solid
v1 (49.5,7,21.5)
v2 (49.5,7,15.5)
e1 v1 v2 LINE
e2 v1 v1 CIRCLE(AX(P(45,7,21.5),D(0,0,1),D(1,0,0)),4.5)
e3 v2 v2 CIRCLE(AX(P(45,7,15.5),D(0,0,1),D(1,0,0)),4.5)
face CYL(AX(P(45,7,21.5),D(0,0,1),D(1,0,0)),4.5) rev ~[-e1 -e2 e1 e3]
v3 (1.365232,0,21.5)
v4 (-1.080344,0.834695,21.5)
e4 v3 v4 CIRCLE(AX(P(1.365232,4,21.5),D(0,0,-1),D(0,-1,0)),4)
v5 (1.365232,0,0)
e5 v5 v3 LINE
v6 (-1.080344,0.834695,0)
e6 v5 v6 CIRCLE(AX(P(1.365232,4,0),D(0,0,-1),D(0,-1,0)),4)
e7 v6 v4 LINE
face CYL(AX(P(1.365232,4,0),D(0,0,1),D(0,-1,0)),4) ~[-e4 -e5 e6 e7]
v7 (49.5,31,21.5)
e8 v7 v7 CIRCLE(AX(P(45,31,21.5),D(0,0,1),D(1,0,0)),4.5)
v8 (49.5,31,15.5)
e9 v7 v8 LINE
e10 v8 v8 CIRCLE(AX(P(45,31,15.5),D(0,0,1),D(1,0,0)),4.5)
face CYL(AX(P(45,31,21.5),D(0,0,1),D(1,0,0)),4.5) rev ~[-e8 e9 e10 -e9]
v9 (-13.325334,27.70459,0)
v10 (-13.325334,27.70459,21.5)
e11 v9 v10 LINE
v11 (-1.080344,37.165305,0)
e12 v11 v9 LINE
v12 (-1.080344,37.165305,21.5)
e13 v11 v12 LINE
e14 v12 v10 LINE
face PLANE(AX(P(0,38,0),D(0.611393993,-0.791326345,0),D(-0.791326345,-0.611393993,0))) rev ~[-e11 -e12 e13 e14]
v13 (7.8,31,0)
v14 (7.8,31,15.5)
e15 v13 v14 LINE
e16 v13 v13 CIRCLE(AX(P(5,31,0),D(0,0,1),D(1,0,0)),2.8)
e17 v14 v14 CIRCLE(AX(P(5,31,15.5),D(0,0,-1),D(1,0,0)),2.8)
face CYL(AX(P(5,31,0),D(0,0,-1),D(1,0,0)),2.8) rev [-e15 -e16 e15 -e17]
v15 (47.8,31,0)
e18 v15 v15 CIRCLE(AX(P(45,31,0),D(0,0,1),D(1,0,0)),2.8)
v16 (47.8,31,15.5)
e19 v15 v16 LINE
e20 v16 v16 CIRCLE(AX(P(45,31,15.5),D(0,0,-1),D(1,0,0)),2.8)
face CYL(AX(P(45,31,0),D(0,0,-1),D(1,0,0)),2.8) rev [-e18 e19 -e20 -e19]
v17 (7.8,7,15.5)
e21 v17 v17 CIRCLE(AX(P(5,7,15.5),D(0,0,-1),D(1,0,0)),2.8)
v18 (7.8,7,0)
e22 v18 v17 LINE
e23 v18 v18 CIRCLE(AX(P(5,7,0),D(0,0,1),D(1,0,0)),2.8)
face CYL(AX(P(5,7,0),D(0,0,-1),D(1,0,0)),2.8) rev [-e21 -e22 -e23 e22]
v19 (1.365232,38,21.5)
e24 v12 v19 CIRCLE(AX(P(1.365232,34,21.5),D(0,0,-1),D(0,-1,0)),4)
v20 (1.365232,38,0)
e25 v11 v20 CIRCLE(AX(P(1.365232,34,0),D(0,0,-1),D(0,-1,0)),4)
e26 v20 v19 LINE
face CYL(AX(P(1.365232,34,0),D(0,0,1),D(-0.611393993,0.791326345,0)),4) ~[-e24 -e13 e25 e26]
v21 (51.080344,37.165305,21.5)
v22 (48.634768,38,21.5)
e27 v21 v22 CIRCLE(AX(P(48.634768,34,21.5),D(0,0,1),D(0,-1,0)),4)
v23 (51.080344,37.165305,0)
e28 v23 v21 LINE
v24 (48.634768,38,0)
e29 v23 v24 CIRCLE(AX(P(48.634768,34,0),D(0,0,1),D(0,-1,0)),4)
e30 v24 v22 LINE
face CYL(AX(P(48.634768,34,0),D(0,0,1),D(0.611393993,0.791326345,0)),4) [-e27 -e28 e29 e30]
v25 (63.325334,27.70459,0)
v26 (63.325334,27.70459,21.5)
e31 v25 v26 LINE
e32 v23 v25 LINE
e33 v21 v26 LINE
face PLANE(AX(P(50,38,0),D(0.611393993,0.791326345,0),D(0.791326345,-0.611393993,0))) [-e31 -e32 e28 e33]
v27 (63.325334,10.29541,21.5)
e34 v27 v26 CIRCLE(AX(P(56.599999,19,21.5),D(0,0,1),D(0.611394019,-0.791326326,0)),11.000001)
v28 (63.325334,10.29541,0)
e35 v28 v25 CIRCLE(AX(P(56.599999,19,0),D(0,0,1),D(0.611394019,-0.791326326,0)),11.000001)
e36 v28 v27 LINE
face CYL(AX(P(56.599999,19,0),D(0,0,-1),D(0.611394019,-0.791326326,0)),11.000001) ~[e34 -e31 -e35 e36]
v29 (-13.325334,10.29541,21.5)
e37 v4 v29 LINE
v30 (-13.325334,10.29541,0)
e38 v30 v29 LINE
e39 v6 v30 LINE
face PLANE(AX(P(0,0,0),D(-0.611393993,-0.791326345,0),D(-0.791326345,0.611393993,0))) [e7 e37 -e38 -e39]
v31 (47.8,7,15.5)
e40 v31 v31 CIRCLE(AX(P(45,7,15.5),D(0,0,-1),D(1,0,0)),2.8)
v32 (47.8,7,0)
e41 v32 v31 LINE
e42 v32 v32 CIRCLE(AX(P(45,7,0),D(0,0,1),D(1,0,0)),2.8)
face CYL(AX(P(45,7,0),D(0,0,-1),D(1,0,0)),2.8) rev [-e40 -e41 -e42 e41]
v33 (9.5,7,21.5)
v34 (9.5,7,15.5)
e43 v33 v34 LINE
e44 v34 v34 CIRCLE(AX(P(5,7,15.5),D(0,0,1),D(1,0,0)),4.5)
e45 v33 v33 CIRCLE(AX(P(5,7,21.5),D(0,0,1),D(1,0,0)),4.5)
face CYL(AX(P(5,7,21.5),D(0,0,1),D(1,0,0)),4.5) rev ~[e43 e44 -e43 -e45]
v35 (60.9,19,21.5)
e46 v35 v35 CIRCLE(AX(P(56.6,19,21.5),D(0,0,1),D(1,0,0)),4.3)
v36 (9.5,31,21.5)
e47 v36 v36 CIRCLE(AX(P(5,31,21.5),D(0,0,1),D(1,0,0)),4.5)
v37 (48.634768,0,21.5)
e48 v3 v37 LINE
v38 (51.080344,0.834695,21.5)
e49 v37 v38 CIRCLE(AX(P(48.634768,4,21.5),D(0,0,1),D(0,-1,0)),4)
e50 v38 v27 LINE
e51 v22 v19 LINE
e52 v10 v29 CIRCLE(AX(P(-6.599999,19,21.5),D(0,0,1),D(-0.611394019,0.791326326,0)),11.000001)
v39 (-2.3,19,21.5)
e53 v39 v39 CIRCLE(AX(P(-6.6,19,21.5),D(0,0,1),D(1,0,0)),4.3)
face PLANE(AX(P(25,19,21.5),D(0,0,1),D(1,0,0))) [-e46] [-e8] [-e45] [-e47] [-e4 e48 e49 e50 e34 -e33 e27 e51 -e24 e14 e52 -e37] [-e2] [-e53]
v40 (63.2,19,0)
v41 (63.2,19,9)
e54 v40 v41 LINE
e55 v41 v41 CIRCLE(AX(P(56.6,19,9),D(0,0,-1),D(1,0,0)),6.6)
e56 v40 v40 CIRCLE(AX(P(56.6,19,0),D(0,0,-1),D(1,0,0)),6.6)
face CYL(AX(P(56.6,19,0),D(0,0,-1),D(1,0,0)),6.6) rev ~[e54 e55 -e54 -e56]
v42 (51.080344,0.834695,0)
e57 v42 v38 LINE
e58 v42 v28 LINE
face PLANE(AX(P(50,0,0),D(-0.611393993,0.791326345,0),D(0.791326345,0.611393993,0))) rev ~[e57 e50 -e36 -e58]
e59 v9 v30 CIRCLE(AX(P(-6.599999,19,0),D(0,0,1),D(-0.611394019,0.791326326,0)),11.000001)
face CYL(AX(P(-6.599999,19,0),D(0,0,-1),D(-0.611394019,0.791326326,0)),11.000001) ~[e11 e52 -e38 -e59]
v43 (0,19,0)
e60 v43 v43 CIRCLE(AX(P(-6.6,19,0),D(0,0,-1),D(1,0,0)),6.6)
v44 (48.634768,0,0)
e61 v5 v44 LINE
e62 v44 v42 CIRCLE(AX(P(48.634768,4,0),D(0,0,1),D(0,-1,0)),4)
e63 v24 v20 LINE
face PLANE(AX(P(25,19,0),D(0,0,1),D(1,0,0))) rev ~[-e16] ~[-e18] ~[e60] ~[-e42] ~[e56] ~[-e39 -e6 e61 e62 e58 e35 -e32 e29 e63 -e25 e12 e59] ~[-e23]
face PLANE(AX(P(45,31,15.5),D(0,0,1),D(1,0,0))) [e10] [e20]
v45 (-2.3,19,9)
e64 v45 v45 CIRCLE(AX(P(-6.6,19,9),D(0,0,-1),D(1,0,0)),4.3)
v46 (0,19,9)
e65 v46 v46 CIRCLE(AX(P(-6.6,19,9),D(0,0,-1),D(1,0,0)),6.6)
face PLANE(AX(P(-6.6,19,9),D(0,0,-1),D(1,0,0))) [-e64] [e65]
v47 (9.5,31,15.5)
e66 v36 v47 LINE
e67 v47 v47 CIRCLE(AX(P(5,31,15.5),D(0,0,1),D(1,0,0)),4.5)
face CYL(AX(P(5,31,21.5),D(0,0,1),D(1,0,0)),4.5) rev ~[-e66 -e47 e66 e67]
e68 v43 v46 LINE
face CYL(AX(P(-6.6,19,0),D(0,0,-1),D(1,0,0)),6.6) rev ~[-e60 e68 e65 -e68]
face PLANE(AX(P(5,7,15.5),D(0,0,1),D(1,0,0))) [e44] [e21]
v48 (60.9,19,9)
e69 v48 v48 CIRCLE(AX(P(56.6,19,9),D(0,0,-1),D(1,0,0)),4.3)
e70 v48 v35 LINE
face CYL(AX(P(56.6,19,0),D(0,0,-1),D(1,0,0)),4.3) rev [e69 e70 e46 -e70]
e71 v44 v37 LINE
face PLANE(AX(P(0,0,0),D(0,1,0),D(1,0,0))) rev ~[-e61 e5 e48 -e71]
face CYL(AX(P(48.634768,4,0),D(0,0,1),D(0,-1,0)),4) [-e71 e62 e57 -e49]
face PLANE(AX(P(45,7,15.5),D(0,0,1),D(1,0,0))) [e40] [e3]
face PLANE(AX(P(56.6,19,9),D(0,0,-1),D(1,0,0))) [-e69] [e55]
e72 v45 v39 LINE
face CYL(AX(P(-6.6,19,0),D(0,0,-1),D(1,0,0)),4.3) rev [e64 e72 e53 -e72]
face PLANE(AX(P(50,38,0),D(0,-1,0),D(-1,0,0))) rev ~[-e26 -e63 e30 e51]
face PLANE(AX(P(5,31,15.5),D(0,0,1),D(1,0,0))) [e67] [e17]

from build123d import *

# Parameters (mm, degrees)
SKETCH_R        = 2.8
SKETCH_R_2      = 4.3
PAD_DEPTH       = 21.5
SKETCH001_R     = 4.5
POCKET_DEPTH    = 6
SKETCH002_R     = 6.6
POCKET001_DEPTH = 9
FILLET_R        = 4


with BuildPart() as part:
    # Sketch → Pad (new body)
    with BuildSketch(Plane.XY):
        with BuildLine():
            Line((0, 0), (50, 0))
            Line((50, 0), (63.325334, 10.29541))
            ThreePointArc((63.325334, 10.29541), (67.6, 19), (63.325334, 27.70459))
            Line((50, 38), (63.325334, 27.70459))
            Line((50, 38), (0, 38))
            Line((0, 38), (-13.325334, 27.70459))
            ThreePointArc((-13.325334, 27.70459), (-17.6, 19), (-13.325334, 10.29541))
            Line((0, 0), (-13.325334, 10.29541))
        make_face()
        with Locations((5, 31)):
            Circle(SKETCH_R, mode=Mode.SUBTRACT)
        with Locations((45, 31)):
            Circle(SKETCH_R, mode=Mode.SUBTRACT)
        with Locations((45, 7)):
            Circle(SKETCH_R, mode=Mode.SUBTRACT)
        with Locations((5, 7)):
            Circle(SKETCH_R, mode=Mode.SUBTRACT)
        with Locations((-6.6, 19)):
            Circle(SKETCH_R_2, mode=Mode.SUBTRACT)
        with Locations((56.6, 19)):
            Circle(SKETCH_R_2, mode=Mode.SUBTRACT)
    extrude(amount=PAD_DEPTH)

    # Sketch001 (on Face16 of Pad) → Pocket (cut)
    with BuildSketch(Plane.XY.offset(21.5)):
        with Locations((5, 31)):
            Circle(SKETCH001_R)
        with Locations((45, 31)):
            Circle(SKETCH001_R)
        with Locations((45, 7)):
            Circle(SKETCH001_R)
        with Locations((5, 7)):
            Circle(SKETCH001_R)
    extrude(amount=-POCKET_DEPTH, mode=Mode.SUBTRACT)

    # Sketch002 (on Face4 of Pocket) → Pocket001 (cut)
    with BuildSketch(Plane(origin=(0, 0, 0), x_dir=(1, 0, 0), z_dir=(0, 0, -1))):
        with Locations((-6.6, -19)):
            Circle(SKETCH002_R)
        with Locations((56.6, -19)):
            Circle(SKETCH002_R)
    extrude(amount=-POCKET001_DEPTH, mode=Mode.SUBTRACT)

    # Fillet
    fillet_edges = [part.edges().sort_by_distance(p)[0] for p in [
        (0, 38, 10.75),
        (0, 0, 10.75),
        (50, 0, 10.75),
        (50, 38, 10.75),
    ]]
    fillet(fillet_edges, radius=FILLET_R)


solid = part.part
